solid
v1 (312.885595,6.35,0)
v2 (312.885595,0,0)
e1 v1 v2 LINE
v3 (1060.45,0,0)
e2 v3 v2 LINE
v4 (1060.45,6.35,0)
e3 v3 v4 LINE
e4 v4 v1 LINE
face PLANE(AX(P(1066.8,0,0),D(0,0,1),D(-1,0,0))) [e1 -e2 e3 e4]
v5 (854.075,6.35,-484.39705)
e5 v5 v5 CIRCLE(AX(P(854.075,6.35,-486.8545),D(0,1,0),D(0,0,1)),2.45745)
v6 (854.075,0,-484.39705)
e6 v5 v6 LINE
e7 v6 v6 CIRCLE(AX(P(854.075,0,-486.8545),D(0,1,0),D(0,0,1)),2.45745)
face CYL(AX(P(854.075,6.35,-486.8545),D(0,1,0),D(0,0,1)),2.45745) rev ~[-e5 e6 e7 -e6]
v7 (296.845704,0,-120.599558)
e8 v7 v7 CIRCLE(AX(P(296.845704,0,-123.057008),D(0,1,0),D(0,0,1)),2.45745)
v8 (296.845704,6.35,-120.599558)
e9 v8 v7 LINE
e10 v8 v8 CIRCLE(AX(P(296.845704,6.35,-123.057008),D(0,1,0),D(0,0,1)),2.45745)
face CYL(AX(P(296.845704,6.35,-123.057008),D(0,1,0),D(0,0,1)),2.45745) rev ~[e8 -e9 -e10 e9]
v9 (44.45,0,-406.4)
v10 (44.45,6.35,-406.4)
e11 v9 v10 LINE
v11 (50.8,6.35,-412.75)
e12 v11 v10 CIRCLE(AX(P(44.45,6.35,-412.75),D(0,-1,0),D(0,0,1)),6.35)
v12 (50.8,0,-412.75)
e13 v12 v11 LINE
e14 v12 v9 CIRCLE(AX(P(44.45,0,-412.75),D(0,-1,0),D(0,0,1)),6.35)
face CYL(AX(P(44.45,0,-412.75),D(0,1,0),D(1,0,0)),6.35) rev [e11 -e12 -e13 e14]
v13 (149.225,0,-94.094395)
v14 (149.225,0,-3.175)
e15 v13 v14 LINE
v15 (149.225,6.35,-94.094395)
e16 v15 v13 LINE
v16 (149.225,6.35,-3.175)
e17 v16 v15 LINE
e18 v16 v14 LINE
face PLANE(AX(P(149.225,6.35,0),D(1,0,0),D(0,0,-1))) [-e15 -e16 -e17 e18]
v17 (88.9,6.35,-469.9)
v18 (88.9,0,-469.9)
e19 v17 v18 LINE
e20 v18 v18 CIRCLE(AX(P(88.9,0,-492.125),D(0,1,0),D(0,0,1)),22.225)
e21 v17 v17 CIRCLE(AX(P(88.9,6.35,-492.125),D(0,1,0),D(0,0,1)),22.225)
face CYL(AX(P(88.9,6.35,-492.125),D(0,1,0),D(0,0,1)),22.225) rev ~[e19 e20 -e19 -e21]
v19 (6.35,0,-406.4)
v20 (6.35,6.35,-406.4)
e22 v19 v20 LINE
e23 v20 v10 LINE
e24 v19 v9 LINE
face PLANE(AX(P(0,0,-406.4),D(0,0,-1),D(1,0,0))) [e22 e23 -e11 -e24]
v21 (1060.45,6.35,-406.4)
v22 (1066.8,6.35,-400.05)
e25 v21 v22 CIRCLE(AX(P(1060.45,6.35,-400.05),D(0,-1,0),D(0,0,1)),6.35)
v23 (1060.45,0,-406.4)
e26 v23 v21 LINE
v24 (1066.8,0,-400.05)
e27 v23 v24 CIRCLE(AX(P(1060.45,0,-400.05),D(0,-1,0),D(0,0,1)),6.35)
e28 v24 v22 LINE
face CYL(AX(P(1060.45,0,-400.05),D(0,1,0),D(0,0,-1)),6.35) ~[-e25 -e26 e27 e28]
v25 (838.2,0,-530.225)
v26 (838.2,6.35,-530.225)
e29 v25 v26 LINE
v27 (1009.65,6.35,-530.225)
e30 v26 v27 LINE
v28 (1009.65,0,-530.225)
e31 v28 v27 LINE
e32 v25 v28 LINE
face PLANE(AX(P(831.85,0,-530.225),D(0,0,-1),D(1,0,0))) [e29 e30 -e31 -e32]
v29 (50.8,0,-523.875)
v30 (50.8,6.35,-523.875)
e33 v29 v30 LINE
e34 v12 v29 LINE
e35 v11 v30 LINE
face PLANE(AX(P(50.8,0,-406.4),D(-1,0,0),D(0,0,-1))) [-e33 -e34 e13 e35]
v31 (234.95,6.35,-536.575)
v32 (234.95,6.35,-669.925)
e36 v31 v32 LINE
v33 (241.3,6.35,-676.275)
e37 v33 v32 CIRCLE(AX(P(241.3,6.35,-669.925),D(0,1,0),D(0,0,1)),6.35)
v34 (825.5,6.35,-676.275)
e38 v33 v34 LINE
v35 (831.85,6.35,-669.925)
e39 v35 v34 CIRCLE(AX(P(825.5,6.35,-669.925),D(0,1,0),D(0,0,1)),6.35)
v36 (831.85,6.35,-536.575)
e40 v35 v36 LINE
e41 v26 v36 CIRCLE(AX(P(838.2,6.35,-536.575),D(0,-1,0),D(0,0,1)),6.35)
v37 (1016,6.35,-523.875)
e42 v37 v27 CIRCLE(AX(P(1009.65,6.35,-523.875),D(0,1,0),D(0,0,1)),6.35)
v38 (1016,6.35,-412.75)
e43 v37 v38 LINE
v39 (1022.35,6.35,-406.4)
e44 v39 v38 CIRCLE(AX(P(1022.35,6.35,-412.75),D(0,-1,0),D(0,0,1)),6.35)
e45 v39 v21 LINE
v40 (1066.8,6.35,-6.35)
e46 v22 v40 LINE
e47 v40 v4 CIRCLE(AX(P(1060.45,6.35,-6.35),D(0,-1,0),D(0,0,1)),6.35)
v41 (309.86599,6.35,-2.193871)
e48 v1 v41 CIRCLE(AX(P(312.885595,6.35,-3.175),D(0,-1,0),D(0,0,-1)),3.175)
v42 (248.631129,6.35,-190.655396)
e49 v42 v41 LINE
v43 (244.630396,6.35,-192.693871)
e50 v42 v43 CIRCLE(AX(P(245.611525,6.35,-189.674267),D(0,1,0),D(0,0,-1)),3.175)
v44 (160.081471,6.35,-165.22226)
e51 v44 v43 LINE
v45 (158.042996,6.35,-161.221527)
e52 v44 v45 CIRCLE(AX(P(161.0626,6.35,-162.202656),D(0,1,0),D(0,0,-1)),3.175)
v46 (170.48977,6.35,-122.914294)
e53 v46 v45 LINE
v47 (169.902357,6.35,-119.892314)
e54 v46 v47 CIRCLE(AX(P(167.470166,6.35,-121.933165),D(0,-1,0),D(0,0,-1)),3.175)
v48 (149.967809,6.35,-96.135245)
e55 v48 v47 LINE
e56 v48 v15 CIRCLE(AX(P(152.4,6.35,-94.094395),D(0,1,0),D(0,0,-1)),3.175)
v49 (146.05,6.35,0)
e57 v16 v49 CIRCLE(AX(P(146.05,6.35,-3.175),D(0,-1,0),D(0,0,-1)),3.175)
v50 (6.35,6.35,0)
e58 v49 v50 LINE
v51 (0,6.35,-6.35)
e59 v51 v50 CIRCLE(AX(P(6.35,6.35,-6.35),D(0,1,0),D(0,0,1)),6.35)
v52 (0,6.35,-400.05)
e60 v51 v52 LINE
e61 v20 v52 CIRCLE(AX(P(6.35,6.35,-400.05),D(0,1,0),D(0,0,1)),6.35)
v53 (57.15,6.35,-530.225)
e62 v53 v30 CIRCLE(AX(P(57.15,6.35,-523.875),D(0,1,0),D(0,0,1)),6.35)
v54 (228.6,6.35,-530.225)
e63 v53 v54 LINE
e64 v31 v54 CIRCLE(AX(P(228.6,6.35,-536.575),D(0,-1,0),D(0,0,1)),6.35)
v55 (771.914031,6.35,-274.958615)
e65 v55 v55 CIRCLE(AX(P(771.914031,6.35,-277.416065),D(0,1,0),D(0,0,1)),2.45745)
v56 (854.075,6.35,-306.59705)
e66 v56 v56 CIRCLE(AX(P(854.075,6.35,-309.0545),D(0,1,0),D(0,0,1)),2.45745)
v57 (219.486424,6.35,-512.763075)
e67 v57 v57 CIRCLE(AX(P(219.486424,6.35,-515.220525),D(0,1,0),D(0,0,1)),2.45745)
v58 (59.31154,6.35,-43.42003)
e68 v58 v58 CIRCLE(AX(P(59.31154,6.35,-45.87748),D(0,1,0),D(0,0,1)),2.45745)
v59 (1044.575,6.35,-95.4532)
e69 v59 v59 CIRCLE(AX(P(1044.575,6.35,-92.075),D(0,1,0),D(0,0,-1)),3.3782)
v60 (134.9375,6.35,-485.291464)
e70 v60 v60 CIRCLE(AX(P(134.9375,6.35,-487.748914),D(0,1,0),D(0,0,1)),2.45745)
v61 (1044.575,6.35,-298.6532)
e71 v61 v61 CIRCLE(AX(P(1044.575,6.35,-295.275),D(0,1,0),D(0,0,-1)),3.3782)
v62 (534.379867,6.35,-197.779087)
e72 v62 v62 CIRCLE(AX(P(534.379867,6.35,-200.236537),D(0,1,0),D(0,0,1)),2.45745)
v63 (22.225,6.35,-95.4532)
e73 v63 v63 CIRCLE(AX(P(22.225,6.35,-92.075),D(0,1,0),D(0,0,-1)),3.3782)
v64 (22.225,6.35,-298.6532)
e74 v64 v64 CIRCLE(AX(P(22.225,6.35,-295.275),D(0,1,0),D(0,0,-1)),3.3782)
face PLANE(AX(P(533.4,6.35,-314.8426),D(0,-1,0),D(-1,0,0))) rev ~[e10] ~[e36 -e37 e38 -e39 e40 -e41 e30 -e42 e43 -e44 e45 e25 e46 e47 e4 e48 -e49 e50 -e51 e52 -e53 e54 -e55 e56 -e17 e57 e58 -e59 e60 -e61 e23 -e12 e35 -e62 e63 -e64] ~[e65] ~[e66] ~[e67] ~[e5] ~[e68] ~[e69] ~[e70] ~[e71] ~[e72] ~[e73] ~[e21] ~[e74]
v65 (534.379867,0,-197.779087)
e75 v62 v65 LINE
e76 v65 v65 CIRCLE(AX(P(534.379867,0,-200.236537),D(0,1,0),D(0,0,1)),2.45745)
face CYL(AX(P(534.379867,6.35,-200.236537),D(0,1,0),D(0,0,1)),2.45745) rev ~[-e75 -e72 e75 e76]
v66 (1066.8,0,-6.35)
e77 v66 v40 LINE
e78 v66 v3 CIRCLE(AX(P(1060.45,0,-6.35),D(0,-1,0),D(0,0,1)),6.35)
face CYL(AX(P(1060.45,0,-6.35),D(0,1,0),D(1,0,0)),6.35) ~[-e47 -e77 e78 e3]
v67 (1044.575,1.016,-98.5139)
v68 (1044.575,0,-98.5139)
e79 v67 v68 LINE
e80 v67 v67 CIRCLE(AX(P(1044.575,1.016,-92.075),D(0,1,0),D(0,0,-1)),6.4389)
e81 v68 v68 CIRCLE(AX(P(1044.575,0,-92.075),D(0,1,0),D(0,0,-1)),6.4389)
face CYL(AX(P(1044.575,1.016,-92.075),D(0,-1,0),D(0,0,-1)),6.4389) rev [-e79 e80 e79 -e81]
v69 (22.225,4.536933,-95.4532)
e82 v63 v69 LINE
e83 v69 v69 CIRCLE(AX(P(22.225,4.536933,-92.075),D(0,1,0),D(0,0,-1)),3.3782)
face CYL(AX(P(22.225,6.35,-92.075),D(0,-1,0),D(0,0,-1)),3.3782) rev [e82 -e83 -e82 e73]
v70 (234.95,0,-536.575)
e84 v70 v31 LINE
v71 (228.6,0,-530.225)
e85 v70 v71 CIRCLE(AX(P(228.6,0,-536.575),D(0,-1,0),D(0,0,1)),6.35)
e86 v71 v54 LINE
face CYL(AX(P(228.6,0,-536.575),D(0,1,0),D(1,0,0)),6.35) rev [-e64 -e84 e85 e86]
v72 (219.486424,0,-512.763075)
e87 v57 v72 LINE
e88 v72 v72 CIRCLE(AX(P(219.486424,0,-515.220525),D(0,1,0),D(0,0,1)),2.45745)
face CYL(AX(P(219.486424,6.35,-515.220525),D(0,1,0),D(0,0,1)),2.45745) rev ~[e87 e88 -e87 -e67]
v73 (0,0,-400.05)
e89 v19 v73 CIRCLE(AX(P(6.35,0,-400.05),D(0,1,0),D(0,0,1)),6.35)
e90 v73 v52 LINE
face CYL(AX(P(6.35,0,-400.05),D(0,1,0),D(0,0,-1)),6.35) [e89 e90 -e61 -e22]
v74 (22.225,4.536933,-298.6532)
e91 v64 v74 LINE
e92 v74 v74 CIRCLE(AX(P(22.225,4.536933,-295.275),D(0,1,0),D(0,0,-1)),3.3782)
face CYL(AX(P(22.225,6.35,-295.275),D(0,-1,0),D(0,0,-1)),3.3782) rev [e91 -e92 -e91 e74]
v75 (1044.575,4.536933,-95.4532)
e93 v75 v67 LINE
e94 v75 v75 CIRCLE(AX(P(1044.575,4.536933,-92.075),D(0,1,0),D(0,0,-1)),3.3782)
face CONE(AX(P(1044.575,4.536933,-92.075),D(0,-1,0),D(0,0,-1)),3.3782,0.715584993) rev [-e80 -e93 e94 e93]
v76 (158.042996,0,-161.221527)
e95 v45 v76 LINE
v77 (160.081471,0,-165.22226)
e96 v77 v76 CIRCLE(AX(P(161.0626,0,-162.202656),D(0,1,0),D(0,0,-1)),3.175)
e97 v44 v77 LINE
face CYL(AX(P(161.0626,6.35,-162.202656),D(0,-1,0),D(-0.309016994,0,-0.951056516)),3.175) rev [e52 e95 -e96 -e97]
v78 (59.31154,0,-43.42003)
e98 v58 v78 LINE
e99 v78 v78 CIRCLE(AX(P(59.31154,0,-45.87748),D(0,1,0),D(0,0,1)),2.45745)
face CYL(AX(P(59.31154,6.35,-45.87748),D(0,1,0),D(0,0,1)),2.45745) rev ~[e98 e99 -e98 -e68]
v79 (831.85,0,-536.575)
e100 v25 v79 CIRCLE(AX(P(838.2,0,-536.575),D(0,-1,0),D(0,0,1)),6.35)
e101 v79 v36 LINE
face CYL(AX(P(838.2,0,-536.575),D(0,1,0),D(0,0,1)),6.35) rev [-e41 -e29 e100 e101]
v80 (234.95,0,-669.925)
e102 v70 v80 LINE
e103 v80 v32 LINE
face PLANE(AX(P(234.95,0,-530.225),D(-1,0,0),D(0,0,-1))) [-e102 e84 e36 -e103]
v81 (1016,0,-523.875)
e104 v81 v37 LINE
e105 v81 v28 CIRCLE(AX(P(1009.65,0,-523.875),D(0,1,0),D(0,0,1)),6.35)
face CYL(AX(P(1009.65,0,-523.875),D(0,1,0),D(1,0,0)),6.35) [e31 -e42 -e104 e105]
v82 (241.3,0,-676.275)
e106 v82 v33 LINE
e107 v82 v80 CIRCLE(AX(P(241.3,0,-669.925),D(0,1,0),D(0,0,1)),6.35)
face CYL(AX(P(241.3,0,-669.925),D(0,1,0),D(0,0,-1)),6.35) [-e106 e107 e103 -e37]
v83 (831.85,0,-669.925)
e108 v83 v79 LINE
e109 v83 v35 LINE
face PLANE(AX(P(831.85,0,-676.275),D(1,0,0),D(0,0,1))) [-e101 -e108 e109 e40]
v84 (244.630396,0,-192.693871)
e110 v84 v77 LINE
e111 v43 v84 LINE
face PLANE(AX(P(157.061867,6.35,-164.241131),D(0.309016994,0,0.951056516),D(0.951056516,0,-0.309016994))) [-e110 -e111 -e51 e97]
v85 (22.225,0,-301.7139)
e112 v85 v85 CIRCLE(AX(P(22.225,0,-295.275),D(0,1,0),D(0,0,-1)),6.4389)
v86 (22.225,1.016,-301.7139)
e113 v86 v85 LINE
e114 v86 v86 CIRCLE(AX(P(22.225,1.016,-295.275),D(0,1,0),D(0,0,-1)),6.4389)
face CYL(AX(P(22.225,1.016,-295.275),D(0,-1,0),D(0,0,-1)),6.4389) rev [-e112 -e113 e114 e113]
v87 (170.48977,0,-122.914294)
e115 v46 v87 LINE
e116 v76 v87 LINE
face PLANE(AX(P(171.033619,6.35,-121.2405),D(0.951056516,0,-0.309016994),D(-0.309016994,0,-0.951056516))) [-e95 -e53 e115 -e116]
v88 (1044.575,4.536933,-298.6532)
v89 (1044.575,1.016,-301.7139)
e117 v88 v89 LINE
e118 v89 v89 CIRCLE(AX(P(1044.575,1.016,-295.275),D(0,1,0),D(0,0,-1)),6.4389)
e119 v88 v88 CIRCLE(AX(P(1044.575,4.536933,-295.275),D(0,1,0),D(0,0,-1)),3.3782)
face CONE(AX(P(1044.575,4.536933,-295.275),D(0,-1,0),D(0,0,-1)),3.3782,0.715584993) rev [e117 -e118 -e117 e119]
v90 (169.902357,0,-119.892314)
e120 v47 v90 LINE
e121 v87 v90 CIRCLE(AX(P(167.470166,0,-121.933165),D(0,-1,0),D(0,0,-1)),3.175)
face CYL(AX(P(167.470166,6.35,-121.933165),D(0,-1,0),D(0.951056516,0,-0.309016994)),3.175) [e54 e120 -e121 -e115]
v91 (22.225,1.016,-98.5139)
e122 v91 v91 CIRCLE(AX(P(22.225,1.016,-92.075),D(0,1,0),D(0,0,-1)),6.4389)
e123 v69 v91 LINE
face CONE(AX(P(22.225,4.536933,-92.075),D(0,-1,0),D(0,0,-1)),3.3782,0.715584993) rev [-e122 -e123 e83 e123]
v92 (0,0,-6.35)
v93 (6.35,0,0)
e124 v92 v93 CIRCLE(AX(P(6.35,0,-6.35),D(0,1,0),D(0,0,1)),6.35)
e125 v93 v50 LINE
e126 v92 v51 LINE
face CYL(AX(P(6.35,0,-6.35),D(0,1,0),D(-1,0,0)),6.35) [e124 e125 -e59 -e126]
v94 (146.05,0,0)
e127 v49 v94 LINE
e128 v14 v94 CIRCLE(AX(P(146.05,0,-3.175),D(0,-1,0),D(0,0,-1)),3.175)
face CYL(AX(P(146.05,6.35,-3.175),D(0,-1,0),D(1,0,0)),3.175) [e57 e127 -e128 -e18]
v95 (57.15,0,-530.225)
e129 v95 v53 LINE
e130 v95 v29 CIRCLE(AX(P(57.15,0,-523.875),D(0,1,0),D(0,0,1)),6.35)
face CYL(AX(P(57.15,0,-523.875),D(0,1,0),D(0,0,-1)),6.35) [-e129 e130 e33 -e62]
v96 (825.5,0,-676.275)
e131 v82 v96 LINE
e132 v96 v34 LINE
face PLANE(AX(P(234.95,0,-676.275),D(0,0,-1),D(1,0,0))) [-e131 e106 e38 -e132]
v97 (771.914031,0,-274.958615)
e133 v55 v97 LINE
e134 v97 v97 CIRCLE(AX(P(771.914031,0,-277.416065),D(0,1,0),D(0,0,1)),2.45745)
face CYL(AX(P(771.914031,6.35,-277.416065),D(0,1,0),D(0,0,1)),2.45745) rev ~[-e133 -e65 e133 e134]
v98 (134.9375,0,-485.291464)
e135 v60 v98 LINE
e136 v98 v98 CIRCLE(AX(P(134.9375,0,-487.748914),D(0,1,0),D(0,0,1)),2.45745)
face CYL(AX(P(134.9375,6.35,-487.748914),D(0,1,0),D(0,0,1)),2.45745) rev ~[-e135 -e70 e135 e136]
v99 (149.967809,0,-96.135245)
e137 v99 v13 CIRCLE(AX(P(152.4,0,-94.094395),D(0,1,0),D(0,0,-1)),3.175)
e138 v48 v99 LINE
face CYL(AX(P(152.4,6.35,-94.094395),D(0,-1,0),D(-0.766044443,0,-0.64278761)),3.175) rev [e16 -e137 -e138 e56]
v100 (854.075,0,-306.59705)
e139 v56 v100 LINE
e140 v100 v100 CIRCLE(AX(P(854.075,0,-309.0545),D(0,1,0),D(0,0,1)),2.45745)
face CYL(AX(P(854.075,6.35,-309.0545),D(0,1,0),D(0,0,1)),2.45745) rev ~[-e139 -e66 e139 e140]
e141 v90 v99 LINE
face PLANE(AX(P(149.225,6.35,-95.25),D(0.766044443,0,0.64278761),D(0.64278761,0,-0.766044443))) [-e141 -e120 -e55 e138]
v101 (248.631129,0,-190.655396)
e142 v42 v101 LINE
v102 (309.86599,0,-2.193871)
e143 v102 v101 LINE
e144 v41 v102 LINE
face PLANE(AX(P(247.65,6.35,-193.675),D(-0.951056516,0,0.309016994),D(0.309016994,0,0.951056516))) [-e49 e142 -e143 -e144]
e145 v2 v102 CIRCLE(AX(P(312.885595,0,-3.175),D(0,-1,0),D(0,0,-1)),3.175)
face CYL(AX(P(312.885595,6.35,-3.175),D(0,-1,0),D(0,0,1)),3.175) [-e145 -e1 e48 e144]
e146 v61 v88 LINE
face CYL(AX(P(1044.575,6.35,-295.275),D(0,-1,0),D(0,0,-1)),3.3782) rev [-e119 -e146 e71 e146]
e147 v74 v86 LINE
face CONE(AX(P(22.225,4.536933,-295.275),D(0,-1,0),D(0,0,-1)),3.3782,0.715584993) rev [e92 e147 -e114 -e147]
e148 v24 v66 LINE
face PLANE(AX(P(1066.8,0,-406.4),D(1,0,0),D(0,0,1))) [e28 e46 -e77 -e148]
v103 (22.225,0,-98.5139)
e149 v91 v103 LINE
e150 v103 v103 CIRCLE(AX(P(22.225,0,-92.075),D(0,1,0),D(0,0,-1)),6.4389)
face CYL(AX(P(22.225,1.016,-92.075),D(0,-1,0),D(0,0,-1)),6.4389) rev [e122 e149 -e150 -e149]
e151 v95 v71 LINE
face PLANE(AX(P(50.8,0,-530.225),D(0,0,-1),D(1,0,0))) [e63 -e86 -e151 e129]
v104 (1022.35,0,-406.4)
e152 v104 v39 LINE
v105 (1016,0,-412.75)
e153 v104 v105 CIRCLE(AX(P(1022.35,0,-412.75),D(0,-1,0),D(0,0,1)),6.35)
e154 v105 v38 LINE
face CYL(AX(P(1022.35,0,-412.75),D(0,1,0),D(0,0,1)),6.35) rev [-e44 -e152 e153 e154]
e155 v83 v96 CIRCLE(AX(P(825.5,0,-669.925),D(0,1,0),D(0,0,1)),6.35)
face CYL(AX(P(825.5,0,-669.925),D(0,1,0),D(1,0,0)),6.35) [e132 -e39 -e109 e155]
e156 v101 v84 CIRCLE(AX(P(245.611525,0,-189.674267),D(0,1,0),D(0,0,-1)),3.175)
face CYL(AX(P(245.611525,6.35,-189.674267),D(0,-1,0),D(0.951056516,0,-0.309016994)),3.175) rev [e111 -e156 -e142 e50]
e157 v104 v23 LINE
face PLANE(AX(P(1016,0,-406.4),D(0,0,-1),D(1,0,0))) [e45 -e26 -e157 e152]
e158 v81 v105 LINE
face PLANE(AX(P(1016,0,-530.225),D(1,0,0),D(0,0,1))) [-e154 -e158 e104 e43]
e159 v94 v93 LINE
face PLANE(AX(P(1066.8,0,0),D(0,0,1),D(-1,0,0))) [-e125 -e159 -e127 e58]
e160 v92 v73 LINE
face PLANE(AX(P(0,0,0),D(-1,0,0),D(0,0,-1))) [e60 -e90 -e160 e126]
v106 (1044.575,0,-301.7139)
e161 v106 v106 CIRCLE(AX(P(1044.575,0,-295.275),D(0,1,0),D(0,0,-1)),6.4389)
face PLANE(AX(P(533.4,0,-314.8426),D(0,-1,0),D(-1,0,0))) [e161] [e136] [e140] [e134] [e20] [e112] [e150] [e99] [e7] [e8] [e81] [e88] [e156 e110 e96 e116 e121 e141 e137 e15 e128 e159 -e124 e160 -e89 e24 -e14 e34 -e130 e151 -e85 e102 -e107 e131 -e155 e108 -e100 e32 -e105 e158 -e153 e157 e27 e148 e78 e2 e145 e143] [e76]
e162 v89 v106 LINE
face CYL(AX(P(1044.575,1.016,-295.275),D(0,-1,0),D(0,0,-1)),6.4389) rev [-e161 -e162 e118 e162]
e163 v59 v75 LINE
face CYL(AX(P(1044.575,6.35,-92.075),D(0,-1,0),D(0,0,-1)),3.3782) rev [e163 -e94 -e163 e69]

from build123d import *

# Parameters (mm, degrees)
SKETCH1_R                                     = 3.3734375
BOSS_EXTRUDE1_DEPTH                           = 6.35
SKETCH3_R                                     = 2.45745
SKETCH3_R_2                                   = 22.225
CUT_EXTRUDE2_DEPTH                            = 1264.111411604
CUT_EXTRUDE1_DEPTH                            = 1264.111411604
CSK_FOR_1_4_FLAT_HEAD_MACHINE_SCREW1_AT_COUNT = 2
CSK_FOR_1_4_FLAT_HEAD_MACHINE_SCREW1_AT_PITCH = 1022.35
CSK_FOR_1_4_FLAT_HEAD_MACHINE_SCREW1_2_COUNT  = 2
CSK_FOR_1_4_FLAT_HEAD_MACHINE_SCREW1_2_PITCH  = 203.2
CSK_FOR_1_4_FLAT_HEAD_MACHINE_SCREW1_3_COUNT  = 2
CSK_FOR_1_4_FLAT_HEAD_MACHINE_SCREW1_3_PITCH  = 1042.348196382
FILLET1_R                                     = 6.35
FILLET3_R                                     = 3.175


with BuildPart() as part:
    # Sketch1 → Boss-Extrude1 (new body)
    with BuildSketch(Plane(origin=(0, 0, 0), x_dir=(1, 0, 0), z_dir=(0, 1, 0))):
        Polygon((1016, 406.4), (1066.8, 406.4), (1066.8, 0), (0, 0), (0, 406.4), (50.8, 406.4), (50.8, 530.225), (234.95, 530.225), (234.95, 676.275), (831.85, 676.275), (831.85, 530.225), (1016, 530.225), align=None)
        with Locations(Location((22.225, 92.075, 0), (0, 0, 270))):
            Circle(SKETCH1_R, mode=Mode.SUBTRACT)
        with Locations(Location((1044.575, 92.075, 0), (0, 0, 270))):
            Circle(SKETCH1_R, mode=Mode.SUBTRACT)
        with Locations(Location((22.225, 295.275, 0), (0, 0, 270))):
            Circle(SKETCH1_R, mode=Mode.SUBTRACT)
        with Locations(Location((1044.575, 295.275, 0), (0, 0, 270))):
            Circle(SKETCH1_R, mode=Mode.SUBTRACT)
    extrude(amount=BOSS_EXTRUDE1_DEPTH)

    # Sketch3 → Cut-Extrude2 (cut, through all)
    with BuildSketch(Plane(origin=(0, 6.35, 0), x_dir=(1, 0, 0), z_dir=(0, 1, 0))):
        with Locations(Location((134.9375, 487.748914195, 0), (0, 0, 270))):
            Circle(SKETCH3_R)
        with Locations(Location((219.486424299, 515.220524995, 0), (0, 0, 270))):
            Circle(SKETCH3_R)
        with Locations(Location((59.31154, 45.87748, 0), (0, 0, 270))):
            Circle(SKETCH3_R)
        with Locations(Location((296.845703608, 123.057008284, 0), (0, 0, 270))):
            Circle(SKETCH3_R)
        with Locations(Location((534.379867216, 200.236536569, 0), (0, 0, 270))):
            Circle(SKETCH3_R)
        with Locations(Location((771.914030824, 277.416064853, 0), (0, 0, 270))):
            Circle(SKETCH3_R)
        with Locations(Location((854.075, 309.0545, 0), (0, 0, 270))):
            Circle(SKETCH3_R)
        with Locations(Location((854.075, 486.8545, 0), (0, 0, 270))):
            Circle(SKETCH3_R)
        with Locations(Location((88.9, 492.125, 0), (0, 0, 270))):
            Circle(SKETCH3_R_2)
    extrude(amount=-CUT_EXTRUDE2_DEPTH, mode=Mode.SUBTRACT)

    # Sketch2 → Cut-Extrude1 (cut, through all)
    with BuildSketch(Plane(origin=(0, 6.35, 0), x_dir=(1, 0, 0), z_dir=(0, 1, 0))):
        Polygon((310.578822168, 0), (149.225, 0), (149.225, 95.25), (171.033618902, 121.240499926), (157.061866823, 164.241131286), (247.65, 193.675), align=None)
    extrude(amount=-CUT_EXTRUDE1_DEPTH, mode=Mode.SUBTRACT)

    # Sketch5 → CSK for 1/4 Flat Head Machine Screw1 (revolve, cut)
    with BuildSketch(Plane(origin=(22.225, 0, -92.075), x_dir=(0, 0, -1), z_dir=(1, 0, 0))):
        Polygon((0, 0), (0, 6.35), (3.3782, 6.35), (3.3782, 4.536932584), (6.4389, 1.016), (6.4389, 0), align=None)
    csk_for_1_4_flat_head_machine_screw1 = revolve(axis=Axis((22.225, -6.35, -92.075), (0, 1, 0)), mode=Mode.SUBTRACT)

    # CSK for 1/4 Flat Head Machine Screw1 at: CSK for 1/4 Flat Head Machine Screw1 ×2
    with Locations(*[(i * CSK_FOR_1_4_FLAT_HEAD_MACHINE_SCREW1_AT_PITCH, 0, 0) for i in range(1, CSK_FOR_1_4_FLAT_HEAD_MACHINE_SCREW1_AT_COUNT)]):
        add(csk_for_1_4_flat_head_machine_screw1, mode=Mode.SUBTRACT)

    # CSK for 1_4 Flat Head Machine Screw1 2: CSK for 1/4 Flat Head Machine Screw1 ×2
    with Locations(*[(0, 0, -i * CSK_FOR_1_4_FLAT_HEAD_MACHINE_SCREW1_2_PITCH) for i in range(1, CSK_FOR_1_4_FLAT_HEAD_MACHINE_SCREW1_2_COUNT)]):
        add(csk_for_1_4_flat_head_machine_screw1, mode=Mode.SUBTRACT)

    # CSK for 1_4 Flat Head Machine Screw1 3: CSK for 1/4 Flat Head Machine Screw1 ×2
    with Locations(*[Vector(0.9808142840837317, 0, -0.19494445397937524) * (i * CSK_FOR_1_4_FLAT_HEAD_MACHINE_SCREW1_3_PITCH) for i in range(1, CSK_FOR_1_4_FLAT_HEAD_MACHINE_SCREW1_3_COUNT)]):
        add(csk_for_1_4_flat_head_machine_screw1, mode=Mode.SUBTRACT)

    # Fillet1
    fillet1_edges = [part.edges().sort_by_distance(p)[0] for p in [
        (0, 3.175, -406.4),
        (50.8, 3.175, -406.4),
        (50.8, 3.175, -530.225),
        (234.95, 3.175, -530.225),
        (234.95, 3.175, -676.275),
        (831.85, 3.175, -676.275),
        (831.85, 3.175, -530.225),
        (1016, 3.175, -530.225),
        (1016, 3.175, -406.4),
        (1066.8, 3.175, -406.4),
        (1066.8, 3.175, 0),
        (0, 3.175, 0),
    ]]
    fillet(fillet1_edges, radius=FILLET1_R)

    # Fillet3
    fillet3_edges = [part.edges().sort_by_distance(p)[0] for p in [
        (247.65, 3.175, -193.675),
        (310.578822168, 3.175, 0),
        (149.225, 3.175, 0),
        (149.225, 3.175, -95.25),
        (171.033618902, 3.175, -121.240499926),
        (157.061866823, 3.175, -164.241131286),
    ]]
    fillet(fillet3_edges, radius=FILLET3_R)


solid = part.part
